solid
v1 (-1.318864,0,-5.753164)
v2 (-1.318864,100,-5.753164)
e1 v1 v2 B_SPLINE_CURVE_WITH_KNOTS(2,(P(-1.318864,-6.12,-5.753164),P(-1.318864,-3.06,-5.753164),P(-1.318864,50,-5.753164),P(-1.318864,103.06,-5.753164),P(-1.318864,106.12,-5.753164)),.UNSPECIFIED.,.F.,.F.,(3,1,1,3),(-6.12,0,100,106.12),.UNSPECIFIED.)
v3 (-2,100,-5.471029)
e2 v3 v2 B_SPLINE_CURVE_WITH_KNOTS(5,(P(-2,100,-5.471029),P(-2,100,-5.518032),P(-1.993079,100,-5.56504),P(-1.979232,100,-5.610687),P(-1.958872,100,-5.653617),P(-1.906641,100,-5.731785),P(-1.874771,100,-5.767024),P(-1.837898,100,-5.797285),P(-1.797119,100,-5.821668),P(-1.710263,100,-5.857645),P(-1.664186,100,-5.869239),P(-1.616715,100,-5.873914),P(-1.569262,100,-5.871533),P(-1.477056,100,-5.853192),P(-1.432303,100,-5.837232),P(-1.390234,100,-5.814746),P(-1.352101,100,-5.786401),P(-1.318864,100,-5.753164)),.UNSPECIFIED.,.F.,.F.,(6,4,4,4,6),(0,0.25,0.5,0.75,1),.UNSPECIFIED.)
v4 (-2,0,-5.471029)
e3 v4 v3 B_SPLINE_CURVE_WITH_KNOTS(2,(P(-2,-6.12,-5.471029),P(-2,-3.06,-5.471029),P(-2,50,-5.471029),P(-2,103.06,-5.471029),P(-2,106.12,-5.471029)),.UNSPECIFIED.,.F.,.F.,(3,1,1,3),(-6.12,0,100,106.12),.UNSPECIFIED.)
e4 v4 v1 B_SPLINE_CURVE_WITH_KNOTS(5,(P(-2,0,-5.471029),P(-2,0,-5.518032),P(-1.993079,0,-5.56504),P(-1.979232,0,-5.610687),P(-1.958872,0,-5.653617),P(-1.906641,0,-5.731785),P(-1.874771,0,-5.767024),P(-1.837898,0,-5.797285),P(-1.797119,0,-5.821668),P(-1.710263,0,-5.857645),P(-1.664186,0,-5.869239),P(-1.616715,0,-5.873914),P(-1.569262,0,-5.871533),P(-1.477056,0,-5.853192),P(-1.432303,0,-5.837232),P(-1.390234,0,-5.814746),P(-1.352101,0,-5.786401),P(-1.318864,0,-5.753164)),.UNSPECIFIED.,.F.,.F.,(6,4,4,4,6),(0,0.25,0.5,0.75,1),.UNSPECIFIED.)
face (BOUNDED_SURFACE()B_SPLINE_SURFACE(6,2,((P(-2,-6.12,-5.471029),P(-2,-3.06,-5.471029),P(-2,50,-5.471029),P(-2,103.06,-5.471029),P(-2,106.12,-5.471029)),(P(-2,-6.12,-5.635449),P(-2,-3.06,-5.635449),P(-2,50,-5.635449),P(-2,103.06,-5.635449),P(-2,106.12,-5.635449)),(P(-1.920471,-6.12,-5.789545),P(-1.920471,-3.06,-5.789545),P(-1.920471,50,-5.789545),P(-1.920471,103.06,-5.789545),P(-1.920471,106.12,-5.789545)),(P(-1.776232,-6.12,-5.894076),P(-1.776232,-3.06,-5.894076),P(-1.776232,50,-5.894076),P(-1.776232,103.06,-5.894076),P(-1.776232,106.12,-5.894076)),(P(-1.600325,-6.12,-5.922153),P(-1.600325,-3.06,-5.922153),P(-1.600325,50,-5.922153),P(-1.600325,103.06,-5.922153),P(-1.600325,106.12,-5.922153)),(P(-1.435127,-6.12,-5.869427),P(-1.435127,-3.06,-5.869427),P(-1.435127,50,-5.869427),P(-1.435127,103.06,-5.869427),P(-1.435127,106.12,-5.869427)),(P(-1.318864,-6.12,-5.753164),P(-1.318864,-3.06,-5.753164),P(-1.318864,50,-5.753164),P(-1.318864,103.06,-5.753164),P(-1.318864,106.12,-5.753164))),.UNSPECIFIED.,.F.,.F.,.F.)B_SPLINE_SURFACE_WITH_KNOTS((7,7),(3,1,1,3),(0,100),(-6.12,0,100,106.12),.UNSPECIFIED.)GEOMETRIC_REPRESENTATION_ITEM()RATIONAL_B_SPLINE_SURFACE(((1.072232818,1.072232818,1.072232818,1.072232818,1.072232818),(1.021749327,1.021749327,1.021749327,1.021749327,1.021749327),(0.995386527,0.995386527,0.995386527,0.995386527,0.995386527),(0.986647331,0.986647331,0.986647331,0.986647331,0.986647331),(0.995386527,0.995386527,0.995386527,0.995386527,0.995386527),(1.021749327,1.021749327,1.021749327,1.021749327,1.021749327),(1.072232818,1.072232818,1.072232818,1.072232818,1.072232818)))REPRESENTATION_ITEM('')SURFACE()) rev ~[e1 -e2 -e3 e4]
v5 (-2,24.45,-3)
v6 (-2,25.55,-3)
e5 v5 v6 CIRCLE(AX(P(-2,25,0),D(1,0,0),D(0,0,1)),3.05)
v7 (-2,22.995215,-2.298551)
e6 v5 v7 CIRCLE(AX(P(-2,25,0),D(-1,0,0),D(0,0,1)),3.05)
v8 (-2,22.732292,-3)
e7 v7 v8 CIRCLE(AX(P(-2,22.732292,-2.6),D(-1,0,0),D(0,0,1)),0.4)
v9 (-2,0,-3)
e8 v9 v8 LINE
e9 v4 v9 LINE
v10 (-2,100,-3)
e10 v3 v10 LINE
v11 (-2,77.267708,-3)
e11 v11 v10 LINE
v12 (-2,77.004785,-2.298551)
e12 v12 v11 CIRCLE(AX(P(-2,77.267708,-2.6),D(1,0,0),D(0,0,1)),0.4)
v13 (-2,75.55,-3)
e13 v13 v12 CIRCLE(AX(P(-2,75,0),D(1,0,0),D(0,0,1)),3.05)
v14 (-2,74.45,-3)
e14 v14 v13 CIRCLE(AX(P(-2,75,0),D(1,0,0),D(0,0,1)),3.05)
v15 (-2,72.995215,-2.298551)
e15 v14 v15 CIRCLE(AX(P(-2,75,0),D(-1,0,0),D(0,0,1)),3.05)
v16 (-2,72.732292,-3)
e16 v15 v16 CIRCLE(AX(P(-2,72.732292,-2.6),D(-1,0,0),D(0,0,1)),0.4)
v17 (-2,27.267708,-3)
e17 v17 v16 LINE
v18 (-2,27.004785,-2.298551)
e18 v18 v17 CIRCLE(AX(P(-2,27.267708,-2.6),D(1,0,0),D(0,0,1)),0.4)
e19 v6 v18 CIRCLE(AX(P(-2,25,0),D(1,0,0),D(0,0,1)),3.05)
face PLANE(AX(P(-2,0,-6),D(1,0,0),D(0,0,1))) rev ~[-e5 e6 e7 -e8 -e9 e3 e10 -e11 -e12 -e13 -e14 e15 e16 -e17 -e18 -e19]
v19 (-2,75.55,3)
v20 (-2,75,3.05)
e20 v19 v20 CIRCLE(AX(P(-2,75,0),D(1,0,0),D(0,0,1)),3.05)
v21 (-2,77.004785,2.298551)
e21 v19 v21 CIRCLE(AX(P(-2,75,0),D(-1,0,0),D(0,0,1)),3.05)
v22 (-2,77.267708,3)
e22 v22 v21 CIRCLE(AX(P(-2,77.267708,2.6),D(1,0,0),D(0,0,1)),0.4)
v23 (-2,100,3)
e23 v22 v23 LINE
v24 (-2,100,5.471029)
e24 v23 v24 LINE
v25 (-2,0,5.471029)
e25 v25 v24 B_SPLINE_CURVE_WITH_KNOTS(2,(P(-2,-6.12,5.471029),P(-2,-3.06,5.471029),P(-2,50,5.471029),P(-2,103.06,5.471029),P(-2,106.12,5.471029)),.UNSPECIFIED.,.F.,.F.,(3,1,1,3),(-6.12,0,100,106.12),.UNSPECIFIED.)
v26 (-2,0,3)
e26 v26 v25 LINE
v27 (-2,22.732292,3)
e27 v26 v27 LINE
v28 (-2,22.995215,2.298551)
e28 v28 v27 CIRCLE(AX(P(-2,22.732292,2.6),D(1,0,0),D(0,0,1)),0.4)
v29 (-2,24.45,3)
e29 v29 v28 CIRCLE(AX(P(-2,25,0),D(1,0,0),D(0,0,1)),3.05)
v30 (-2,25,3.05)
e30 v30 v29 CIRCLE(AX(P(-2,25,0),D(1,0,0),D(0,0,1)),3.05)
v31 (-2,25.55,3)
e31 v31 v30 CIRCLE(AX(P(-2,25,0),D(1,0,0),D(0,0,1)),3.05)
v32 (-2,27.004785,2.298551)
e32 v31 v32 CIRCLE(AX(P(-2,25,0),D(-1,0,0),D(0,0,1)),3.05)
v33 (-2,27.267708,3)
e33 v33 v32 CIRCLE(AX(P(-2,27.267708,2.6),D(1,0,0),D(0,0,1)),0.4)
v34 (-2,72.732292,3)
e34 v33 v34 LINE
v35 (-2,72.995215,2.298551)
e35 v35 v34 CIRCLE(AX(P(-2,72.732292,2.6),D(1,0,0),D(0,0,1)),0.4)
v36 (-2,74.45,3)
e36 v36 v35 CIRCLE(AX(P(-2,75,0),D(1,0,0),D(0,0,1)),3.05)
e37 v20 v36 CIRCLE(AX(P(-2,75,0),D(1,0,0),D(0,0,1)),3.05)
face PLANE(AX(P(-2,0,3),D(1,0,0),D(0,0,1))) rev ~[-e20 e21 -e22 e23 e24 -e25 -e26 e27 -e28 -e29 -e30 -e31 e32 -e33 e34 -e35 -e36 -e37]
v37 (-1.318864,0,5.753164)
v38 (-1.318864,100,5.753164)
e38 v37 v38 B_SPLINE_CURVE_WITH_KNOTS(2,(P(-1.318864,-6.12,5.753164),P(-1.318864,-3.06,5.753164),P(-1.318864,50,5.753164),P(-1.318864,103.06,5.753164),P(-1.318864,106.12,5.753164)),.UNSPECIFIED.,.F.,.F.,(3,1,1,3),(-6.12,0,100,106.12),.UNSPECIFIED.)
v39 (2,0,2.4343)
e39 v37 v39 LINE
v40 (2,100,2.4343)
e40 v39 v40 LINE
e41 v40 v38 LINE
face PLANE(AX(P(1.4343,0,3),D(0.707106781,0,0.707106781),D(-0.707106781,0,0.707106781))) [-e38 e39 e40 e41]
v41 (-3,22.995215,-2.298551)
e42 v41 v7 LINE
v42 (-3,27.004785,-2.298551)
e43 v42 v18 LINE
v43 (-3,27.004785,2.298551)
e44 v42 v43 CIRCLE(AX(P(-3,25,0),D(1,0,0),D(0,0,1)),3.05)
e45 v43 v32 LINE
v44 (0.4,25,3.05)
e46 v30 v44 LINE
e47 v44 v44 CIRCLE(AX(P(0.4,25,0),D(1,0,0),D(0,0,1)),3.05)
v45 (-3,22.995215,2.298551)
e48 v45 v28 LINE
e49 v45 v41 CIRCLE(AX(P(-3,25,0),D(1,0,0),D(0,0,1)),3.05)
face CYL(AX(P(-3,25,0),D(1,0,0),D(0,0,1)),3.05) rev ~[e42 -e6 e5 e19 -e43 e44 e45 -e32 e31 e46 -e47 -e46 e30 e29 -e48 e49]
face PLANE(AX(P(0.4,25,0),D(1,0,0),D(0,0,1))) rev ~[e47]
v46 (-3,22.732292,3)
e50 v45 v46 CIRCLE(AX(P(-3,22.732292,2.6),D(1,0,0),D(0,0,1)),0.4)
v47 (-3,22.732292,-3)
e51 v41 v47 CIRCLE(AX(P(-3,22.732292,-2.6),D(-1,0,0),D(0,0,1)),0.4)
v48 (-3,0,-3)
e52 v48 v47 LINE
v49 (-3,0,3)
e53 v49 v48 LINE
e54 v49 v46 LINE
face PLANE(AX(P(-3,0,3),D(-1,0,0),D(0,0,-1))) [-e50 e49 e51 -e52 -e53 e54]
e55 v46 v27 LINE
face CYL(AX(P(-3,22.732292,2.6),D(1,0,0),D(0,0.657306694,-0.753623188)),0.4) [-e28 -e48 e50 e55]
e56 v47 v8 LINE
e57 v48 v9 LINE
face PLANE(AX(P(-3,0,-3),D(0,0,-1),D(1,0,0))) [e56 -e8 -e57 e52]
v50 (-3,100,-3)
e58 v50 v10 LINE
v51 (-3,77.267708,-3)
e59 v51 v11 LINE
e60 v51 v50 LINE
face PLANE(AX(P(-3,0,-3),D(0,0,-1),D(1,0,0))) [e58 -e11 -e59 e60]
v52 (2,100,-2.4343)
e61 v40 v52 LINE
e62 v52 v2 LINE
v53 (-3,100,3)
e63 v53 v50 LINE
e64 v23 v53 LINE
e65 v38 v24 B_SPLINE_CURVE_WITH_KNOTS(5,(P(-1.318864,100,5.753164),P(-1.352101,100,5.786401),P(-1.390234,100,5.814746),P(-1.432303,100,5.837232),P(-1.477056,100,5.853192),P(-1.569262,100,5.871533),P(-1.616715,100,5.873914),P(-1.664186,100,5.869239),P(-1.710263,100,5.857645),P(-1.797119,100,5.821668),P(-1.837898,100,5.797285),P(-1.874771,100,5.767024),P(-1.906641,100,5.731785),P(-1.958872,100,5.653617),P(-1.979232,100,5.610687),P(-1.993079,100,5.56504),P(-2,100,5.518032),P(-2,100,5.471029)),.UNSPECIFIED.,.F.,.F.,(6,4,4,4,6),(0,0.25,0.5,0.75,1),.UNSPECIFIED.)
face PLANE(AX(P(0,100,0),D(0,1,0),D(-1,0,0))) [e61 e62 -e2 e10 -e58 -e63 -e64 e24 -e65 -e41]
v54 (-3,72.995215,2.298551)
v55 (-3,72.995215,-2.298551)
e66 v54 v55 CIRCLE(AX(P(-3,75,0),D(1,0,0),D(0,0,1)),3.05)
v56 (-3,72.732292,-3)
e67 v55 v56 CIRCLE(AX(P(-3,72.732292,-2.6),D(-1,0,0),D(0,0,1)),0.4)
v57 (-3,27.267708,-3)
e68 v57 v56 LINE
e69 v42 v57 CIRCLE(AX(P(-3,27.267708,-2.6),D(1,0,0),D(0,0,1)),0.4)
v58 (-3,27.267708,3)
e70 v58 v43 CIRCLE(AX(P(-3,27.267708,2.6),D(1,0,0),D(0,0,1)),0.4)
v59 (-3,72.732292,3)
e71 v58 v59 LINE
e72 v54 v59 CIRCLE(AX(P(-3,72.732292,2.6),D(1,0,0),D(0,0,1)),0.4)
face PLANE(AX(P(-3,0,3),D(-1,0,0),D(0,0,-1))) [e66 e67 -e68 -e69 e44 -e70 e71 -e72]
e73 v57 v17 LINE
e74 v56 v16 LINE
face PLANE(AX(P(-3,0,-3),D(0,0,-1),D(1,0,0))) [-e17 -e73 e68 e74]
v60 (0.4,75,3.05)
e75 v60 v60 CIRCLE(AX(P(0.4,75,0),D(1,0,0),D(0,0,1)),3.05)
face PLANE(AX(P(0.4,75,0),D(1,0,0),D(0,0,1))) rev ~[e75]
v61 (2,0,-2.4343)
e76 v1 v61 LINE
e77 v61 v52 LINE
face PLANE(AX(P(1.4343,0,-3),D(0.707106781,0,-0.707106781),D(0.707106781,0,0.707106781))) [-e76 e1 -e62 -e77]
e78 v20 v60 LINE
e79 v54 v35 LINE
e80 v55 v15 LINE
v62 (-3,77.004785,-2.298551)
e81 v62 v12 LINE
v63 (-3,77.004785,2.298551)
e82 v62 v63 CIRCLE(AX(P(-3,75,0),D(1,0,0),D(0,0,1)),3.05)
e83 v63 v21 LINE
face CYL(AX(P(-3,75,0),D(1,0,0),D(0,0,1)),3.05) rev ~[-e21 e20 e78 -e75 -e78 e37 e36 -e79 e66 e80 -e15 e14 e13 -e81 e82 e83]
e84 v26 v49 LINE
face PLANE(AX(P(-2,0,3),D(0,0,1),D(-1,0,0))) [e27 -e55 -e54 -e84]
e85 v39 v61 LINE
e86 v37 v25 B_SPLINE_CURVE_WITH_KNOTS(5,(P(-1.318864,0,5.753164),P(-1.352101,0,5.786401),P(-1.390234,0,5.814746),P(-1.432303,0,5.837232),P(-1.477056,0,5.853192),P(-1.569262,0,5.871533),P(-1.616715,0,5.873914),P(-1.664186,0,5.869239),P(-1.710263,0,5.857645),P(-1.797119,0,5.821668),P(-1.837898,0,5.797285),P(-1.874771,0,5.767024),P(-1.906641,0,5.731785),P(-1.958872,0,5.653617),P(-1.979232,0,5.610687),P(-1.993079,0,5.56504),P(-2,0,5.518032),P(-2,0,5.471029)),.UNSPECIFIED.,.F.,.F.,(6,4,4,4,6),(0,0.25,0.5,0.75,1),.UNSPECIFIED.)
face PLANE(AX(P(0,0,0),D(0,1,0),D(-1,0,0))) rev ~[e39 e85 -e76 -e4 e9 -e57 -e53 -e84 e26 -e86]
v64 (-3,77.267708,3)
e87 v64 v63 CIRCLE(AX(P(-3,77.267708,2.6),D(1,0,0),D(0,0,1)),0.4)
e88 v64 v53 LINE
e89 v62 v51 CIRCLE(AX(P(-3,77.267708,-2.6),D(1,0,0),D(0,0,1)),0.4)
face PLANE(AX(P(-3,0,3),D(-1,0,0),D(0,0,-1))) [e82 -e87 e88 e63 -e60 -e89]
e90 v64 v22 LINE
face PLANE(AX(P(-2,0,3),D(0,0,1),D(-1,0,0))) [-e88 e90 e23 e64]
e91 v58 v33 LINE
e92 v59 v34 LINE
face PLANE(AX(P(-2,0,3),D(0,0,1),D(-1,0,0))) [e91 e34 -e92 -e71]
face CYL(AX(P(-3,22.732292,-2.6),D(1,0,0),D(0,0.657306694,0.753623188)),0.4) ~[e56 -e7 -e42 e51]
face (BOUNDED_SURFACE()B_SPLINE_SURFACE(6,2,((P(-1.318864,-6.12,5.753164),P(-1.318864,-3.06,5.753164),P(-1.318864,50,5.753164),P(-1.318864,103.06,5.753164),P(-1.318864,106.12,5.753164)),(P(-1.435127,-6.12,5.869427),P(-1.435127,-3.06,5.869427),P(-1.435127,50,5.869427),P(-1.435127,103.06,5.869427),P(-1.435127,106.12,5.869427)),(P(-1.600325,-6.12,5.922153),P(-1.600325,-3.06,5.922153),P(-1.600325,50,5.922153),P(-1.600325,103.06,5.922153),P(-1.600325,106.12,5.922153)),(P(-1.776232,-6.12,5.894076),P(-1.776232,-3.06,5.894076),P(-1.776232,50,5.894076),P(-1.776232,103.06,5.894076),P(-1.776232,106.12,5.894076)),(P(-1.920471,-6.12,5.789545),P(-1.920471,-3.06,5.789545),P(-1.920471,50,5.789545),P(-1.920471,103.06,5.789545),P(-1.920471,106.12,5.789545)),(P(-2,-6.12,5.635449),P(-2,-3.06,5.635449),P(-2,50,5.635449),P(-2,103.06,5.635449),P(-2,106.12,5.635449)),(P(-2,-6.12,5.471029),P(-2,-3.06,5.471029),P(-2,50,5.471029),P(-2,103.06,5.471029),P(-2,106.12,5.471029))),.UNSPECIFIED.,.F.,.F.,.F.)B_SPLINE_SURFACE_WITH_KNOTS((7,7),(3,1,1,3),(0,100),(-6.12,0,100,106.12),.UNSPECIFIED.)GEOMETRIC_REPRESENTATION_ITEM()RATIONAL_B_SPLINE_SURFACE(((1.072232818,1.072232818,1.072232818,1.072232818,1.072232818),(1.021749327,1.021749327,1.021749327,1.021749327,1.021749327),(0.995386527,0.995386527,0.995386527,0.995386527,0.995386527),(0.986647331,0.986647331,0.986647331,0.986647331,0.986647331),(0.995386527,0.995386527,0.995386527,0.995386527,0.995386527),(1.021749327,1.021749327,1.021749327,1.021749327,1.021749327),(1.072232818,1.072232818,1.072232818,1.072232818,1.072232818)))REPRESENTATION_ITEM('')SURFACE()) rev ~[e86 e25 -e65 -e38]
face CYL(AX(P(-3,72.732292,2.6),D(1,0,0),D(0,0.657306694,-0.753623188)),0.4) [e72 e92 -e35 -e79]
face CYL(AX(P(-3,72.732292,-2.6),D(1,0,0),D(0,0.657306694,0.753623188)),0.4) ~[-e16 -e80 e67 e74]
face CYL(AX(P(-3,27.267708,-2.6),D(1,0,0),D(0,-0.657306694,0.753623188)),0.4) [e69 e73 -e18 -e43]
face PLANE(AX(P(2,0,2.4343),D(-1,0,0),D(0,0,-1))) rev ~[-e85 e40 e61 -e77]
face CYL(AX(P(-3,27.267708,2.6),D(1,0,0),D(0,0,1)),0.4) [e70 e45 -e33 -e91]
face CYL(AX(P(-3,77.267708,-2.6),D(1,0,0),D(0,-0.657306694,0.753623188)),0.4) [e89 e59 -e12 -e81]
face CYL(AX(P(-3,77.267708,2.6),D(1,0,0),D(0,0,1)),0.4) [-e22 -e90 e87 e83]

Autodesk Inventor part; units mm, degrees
ref_plane "YZ Plane" through (0, 0, 0) normal (1, 0, 0) x (0, 1, 0)
ref_plane "XZ Plane" through (0, 0, 0) normal (0, 1, 0) x (-1, 0, 0)
ref_plane "XY Plane" through (0, 0, 0) normal (0, 0, 1) x (1, 0, 0)
sketch "Skizze1" plane through (0, 0, 0) normal (0, 1, 0) x (-1, 0, 0)
  line L0 (2, 6) -> (-2, 6)
  line L1 (-2, 6) -> (-2, -6)
  line L2 (-2, -6) -> (2, -6)
  line L3 (2, -6) -> (2, 6)
  line L4 (2, 6) -> (-2, -6) construction
  line L5 (-2, 6) -> (2, -6) construction
  line L6 (2, 3) -> (-2, 3)
  line L7 (-2, 3) -> (-2, -3)
  line L8 (-2, -3) -> (2, -3)
  line L9 (2, -3) -> (2, 3)
  line L10 (2, 3) -> (-2, -3) construction
  line L11 (-2, 3) -> (2, -3) construction
  line L12 (-2, 3) -> (1, 6)
  line L13 (-2, 3) -> (2.2426, 3) construction
  line L14 (-2, -3) -> (1, -6)
  line L15 (-2, -3) -> (2.2426, -3) construction
  line L16 (1, 3) -> (3, 3)
  line L17 (3, 3) -> (3, -3)
  line L18 (3, -3) -> (1, -3)
  line L19 (1, -3) -> (1, 3)
  line L20 (1, 3) -> (3, -3) construction
  line L21 (3, 3) -> (1, -3) construction
  line L22 (-4.4343, 0) -> (5.1226, 9.5569)
  line L23 (5.1226, 9.5569) -> (14.6795, 0)
  line L24 (14.6795, 0) -> (5.1226, -9.5569)
  line L25 (5.1226, -9.5569) -> (-4.4343, 0)
  point P0 (0, 0)
  point P1 (2, 0)
  point P2 (5.1226, 0)
  point P3 (-0.5, 4.5)
  point P4 (-0.5, -4.5)
  point P5 (1.5657, 6)
  point P6 (-2, 2.4343)
  point P7 (-2, -2.4343)
  point P8 (1.5657, -6)
  dimension "d0" = 4
  dimension "d1" = 12
  dimension "d2" = 6
  dimension "d3" = 45
  dimension "d4" = 45
  dimension "d5" = 2
  dimension "d6" = 6
  dimension "d25" = 0.4
  dimension "d26" = 0.4
extrude "Extrusion1" add sketch "Skizze1" along normal blind 100 contours L0 L3 L6 L22 | L6 L19 L8 L25 L1 L22 | L16 L17 L18 L3 | L3 L8 L19 L6 | L3 L2 L25 L8
sketch "Skizze2" plane through (-3, 0, -3) normal (-1, 0, 0) x (0, 0, 1)
  line L0 (5.4343, 100) -> (0.5657, 100) projected
  line L1 (3, 100) -> (3, 75)
  line L2 (6, 0) -> (6, 100) projected
  line L3 (3, 100) -> (28, 100) construction
  line L4 (3, 75) -> (3, 25)
  point P0 (3, 0)
  point P1 (0, 100)
  dimension "d9" = 25
  dimension "d10" = 90
  dimension "d11" = 50
  dimension "d12" = 180
hole "Bohrung1" at (-3, 75, 0) at (-3, 25, 0) direction (1, 0, 0) diameter 6.1 depth 3.4
fillet "Rundung1" radius 0.4 8 edges at (-2.5, 24.45, 3) (-2.5, 75.55, 3) (-2.5, 74.45, 3) (-2.5, 25.55, 3) (-2.5, 24.45, -3) (-2.5, 75.55, -3) (-2.5, 74.45, -3) (-2.5, 25.55, -3)
fillet "Rundung3" radius 0.4 4 edges at (-1.5657, 50, 6) (-2, 50, 6) (-2, 50, -6) (-1.5657, 50, -6)
equation "\"d26\" = d25"
properties part number "Extrusion_Inside"
